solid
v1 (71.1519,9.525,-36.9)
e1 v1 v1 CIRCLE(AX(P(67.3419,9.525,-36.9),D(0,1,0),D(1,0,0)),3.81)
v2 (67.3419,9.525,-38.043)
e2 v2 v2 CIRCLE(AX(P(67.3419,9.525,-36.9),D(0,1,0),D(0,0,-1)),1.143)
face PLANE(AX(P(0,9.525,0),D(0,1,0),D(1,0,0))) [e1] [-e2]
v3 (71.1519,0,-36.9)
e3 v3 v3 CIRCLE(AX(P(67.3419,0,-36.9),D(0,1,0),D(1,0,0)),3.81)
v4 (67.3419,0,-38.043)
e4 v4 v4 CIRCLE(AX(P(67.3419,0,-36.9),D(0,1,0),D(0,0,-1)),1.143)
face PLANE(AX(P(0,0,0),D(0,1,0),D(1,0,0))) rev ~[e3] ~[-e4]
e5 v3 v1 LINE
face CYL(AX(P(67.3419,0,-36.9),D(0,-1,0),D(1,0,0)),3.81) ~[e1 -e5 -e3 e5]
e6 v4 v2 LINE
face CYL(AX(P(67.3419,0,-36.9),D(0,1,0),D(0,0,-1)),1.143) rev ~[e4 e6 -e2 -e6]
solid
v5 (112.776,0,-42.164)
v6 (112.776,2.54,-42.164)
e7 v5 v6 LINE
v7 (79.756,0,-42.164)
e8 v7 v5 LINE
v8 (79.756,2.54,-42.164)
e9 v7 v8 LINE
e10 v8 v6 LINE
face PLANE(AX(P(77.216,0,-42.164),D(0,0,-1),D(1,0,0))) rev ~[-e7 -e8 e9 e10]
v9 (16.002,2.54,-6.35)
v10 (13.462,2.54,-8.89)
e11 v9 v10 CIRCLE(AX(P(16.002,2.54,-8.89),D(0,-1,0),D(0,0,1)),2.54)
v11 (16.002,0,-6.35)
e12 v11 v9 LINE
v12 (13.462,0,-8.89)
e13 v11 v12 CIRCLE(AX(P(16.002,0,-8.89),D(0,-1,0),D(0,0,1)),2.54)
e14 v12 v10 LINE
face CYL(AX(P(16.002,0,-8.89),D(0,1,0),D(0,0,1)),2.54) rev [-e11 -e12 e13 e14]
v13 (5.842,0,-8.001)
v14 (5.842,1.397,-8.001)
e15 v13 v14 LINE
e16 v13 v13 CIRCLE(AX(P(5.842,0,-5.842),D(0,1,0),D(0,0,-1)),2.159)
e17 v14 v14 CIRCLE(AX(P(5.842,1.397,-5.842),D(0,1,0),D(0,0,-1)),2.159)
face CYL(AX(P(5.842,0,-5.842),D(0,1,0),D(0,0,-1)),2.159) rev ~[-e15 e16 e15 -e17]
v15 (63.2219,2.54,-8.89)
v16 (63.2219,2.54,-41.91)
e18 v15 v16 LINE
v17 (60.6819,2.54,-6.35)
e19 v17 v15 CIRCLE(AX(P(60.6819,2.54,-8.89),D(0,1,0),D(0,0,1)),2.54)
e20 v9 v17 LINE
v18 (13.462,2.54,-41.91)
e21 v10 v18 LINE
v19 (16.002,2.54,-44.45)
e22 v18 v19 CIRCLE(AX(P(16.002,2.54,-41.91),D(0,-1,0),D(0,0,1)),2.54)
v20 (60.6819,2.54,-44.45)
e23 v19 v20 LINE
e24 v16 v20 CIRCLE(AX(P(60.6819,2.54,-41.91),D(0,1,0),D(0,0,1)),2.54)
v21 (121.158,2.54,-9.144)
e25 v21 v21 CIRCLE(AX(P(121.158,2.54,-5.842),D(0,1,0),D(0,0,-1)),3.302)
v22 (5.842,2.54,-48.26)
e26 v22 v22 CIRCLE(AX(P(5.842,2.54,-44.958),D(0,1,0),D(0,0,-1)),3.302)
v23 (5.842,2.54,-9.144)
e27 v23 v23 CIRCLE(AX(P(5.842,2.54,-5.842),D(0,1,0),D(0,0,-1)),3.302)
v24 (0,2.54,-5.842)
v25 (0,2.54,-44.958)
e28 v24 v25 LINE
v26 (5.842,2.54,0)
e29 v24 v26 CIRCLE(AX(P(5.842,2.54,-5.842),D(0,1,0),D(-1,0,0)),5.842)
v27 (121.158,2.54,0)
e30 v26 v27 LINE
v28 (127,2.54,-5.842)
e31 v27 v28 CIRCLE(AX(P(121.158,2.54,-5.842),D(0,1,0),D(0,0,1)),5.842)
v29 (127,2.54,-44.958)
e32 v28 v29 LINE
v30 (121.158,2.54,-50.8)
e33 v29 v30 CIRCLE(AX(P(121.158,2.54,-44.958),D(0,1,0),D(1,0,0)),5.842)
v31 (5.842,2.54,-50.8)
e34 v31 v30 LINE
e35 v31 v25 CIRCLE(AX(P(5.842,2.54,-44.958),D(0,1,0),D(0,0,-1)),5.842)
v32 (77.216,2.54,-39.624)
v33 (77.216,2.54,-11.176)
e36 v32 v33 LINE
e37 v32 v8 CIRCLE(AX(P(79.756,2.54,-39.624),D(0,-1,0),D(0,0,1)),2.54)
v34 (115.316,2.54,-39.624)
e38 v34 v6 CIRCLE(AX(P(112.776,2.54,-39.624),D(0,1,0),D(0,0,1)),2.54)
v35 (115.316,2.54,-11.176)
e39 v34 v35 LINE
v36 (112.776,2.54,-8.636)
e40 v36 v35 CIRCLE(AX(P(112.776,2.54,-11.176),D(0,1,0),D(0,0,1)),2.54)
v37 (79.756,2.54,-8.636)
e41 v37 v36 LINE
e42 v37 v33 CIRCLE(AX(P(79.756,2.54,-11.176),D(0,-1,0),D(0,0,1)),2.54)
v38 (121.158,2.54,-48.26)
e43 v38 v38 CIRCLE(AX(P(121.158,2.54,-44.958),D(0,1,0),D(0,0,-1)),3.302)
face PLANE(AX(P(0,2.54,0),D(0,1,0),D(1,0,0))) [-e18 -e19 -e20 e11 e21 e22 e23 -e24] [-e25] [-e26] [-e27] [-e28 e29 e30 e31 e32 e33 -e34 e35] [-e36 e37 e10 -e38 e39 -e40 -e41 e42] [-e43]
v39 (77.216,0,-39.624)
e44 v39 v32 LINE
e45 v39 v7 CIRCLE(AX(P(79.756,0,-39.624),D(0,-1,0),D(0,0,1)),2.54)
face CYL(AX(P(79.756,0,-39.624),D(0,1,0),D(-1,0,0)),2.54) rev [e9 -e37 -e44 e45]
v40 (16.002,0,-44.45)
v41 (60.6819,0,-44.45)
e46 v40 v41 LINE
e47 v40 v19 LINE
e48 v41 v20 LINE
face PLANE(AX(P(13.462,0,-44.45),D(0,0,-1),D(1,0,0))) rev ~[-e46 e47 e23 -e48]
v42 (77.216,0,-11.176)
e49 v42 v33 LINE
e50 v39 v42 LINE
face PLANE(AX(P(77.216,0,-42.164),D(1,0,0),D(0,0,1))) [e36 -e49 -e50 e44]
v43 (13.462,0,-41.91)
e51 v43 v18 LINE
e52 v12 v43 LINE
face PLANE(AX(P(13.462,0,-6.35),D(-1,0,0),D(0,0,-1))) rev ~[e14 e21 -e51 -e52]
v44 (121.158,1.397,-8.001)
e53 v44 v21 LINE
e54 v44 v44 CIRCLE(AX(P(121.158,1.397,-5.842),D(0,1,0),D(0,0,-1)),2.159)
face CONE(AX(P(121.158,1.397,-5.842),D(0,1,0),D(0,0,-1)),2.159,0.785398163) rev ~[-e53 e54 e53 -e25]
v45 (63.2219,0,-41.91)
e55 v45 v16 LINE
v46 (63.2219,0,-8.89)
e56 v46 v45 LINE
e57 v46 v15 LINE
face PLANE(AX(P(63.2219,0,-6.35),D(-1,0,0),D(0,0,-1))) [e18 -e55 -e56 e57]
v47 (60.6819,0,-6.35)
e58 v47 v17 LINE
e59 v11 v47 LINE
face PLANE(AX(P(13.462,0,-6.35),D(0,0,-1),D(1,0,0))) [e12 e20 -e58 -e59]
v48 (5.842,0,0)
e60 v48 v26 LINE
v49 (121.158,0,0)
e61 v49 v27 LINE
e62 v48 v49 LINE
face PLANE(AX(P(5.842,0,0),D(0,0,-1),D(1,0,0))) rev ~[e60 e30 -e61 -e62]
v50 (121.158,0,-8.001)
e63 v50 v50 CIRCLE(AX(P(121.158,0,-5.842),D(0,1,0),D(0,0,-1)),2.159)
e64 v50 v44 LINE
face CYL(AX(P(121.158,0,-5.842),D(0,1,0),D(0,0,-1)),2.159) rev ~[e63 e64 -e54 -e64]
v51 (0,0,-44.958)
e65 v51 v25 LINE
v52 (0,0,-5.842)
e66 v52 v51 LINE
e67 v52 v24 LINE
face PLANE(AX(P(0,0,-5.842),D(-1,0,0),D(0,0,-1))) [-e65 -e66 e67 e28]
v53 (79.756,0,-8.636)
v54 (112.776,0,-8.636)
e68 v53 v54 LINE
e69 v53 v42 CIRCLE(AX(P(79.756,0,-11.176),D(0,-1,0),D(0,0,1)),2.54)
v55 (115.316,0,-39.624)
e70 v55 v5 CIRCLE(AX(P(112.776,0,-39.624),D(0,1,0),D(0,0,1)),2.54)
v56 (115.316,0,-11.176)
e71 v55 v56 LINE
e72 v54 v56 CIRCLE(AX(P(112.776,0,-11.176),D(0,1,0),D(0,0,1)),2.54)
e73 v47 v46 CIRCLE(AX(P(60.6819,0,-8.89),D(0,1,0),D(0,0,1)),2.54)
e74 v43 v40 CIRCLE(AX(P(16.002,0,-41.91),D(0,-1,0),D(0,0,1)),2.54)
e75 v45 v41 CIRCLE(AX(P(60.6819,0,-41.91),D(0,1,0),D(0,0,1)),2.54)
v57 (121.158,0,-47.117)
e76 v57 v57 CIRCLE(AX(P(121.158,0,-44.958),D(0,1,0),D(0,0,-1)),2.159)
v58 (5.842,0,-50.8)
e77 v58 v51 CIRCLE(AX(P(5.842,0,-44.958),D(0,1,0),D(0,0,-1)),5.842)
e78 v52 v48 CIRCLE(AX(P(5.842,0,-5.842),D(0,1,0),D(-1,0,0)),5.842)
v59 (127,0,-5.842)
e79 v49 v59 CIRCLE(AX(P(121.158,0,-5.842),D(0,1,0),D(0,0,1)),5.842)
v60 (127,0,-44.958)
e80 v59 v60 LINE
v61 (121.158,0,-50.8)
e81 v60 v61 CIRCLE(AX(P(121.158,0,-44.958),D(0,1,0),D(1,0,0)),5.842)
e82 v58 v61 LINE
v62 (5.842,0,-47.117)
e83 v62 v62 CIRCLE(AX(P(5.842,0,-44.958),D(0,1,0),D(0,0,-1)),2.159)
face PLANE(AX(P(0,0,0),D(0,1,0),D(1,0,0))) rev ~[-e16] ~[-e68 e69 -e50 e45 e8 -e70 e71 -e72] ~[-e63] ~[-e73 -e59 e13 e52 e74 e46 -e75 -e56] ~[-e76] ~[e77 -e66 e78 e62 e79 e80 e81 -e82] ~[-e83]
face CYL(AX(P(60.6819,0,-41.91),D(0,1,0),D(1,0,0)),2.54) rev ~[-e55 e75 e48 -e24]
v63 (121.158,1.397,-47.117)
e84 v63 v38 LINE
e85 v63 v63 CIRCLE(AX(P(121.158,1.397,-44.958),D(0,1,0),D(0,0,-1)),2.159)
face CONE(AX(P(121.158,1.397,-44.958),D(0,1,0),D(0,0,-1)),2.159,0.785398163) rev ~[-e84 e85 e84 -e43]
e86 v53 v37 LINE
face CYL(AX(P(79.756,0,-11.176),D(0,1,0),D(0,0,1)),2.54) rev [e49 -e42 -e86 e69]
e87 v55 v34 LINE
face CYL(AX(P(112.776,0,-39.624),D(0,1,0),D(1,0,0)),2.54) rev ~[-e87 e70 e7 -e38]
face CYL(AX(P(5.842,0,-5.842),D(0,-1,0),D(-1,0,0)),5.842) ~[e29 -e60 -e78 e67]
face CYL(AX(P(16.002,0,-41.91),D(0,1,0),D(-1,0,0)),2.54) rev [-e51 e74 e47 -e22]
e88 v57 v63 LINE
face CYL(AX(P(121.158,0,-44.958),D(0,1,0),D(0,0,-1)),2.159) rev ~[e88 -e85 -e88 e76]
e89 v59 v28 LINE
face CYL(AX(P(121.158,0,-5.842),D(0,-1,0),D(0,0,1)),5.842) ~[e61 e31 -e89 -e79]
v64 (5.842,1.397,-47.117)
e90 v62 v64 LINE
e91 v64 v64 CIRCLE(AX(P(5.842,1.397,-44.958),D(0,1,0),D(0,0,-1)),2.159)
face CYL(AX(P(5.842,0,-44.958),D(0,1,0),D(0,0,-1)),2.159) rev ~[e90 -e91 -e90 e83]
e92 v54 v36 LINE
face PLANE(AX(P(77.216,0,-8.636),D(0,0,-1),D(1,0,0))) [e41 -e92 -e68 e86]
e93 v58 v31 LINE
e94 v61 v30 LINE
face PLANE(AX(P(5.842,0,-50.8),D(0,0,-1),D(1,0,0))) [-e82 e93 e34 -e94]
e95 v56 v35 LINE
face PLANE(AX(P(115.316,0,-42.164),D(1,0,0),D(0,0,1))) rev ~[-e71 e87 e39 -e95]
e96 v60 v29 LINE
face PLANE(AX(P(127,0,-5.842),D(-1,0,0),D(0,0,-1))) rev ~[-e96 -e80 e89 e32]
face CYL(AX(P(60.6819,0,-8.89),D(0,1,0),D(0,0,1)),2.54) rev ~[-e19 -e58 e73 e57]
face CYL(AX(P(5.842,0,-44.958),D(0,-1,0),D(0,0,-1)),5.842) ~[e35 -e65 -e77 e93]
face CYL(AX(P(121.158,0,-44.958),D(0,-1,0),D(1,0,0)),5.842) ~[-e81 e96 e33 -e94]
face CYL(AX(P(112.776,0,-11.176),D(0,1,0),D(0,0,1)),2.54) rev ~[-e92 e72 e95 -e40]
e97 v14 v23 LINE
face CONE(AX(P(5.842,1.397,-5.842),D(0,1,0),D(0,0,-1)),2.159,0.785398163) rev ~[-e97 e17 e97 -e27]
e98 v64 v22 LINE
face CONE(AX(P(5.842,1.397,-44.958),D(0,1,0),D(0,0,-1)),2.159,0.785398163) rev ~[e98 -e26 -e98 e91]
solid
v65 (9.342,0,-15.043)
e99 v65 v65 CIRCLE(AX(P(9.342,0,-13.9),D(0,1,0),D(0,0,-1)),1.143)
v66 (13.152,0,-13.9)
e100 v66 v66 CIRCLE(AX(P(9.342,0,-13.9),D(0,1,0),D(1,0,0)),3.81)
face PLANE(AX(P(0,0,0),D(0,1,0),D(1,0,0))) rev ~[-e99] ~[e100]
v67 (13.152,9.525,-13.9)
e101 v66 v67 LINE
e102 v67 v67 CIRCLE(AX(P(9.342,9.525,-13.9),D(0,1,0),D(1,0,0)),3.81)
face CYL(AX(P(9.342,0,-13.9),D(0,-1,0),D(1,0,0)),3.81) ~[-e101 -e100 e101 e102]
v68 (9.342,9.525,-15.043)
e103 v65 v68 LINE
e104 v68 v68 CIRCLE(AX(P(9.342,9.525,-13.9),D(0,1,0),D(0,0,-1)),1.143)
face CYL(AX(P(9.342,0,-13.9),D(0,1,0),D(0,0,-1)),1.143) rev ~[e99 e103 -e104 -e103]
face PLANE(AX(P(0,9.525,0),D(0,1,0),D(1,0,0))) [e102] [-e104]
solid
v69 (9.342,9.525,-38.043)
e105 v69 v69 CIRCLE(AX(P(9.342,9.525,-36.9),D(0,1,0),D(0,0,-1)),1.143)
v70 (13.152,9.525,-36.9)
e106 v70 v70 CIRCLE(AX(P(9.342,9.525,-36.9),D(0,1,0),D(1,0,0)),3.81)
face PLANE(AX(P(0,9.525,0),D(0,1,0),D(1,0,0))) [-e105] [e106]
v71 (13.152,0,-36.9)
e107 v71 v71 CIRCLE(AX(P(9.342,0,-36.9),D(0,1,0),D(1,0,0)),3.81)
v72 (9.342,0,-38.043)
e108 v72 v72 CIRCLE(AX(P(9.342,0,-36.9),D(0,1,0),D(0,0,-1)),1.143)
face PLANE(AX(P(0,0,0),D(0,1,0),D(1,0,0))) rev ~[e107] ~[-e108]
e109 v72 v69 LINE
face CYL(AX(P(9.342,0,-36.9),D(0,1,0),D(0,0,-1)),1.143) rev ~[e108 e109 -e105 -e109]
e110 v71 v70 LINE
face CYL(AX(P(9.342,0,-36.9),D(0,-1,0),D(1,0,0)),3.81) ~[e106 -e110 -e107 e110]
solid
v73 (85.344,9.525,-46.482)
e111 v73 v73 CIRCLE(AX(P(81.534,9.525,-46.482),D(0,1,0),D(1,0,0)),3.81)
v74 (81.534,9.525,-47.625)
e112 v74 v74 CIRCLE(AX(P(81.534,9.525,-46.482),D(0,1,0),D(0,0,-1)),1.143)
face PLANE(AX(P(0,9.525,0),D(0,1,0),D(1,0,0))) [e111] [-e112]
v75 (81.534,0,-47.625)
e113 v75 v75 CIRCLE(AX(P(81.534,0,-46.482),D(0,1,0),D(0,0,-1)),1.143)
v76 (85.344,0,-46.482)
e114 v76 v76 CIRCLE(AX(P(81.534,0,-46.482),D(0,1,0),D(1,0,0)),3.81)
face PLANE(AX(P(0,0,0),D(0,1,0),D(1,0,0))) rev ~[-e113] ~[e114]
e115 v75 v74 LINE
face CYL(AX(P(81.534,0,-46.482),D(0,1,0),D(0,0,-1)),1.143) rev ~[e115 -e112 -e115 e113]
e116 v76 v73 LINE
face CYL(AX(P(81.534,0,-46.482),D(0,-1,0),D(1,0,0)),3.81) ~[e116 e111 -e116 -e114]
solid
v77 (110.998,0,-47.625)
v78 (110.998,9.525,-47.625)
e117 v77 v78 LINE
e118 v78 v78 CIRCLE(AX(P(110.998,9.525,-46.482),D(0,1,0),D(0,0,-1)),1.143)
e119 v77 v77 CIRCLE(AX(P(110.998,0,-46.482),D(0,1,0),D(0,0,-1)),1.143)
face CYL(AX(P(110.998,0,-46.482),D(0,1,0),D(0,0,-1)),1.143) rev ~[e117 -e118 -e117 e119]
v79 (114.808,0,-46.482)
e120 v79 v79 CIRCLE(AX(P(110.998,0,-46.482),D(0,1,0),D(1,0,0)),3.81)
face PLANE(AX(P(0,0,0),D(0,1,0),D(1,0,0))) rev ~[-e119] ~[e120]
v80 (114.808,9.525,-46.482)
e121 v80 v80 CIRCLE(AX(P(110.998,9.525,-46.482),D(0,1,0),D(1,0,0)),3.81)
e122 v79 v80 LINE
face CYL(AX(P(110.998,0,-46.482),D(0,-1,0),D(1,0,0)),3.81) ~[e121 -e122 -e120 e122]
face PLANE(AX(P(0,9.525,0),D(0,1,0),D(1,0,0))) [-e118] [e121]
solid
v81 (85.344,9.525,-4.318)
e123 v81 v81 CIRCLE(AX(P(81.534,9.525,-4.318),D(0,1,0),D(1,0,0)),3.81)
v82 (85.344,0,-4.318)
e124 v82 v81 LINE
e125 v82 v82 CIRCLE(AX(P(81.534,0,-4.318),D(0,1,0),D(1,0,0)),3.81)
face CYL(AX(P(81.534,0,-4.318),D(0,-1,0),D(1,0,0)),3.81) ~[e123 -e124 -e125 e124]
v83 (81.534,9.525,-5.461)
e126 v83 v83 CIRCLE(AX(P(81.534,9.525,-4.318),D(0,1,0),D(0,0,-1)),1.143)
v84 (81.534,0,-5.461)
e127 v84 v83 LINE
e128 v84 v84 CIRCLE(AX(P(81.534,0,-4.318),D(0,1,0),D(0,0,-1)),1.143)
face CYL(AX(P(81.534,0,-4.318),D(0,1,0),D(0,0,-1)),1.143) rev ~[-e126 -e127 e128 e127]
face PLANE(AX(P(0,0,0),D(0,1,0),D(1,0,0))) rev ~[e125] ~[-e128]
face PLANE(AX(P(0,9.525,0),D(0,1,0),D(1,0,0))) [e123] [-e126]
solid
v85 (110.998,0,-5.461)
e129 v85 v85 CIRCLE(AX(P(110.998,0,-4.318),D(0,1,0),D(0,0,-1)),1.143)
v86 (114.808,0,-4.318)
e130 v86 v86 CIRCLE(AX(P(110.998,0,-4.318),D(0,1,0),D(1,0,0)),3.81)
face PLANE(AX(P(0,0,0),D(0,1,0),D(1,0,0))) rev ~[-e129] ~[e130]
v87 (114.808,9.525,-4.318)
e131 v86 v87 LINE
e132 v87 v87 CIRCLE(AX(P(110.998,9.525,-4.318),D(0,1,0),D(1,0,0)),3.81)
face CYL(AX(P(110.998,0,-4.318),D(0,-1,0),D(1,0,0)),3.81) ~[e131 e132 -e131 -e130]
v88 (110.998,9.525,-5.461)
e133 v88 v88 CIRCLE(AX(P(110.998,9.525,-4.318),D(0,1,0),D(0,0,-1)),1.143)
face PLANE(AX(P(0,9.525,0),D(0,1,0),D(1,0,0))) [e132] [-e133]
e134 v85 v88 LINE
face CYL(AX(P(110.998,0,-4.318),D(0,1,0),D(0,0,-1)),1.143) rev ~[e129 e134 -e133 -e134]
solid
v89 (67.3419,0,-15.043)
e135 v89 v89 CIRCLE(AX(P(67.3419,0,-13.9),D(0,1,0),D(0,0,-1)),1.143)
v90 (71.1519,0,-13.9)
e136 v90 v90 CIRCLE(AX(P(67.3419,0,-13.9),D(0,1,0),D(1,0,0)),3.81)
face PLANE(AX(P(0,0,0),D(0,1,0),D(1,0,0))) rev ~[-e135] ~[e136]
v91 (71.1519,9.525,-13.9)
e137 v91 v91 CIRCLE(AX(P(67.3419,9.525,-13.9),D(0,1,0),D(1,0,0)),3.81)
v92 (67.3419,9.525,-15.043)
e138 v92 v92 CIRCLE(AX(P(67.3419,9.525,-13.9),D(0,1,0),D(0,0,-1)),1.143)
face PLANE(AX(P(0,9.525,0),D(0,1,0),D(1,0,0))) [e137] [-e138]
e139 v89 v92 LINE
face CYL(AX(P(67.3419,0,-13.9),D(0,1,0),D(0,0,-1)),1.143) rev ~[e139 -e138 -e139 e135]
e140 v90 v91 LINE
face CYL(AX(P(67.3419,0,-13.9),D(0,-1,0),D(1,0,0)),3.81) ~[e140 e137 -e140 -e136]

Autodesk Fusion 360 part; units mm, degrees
sketch "esu-bridge-bracket" plane through (0, 0, 0) normal (0, 1, 0) x (1, 0, 0)
  circle A0 centre (121.158, 44.958) radius 3.302
  circle A1 centre (121.158, 5.842) radius 3.302
  line L0 (13.462, 6.35) -> (13.462, 44.45)
  circle A2 centre (5.842, 44.958) radius 2.159
  circle A3 centre (81.534, 46.482) radius 3.81
  line L1 (13.462, 6.35) -> (63.2219, 6.35)
  line L2 (77.216, 8.636) -> (115.316, 8.636)
  arc A4 (0, 5.842) -> (5.842, 0) centre (5.842, 5.842) ccw
  arc A5 (5.842, 50.8) -> (0, 44.958) centre (5.842, 44.958) ccw
  arc A6 (121.158, 0) -> (127, 5.842) centre (121.158, 5.842) ccw
  line L3 (13.462, 44.45) -> (63.2219, 44.45)
  line L4 (127, 5.842) -> (127, 44.958)
  line L5 (63.2219, 6.35) -> (63.2219, 44.45)
  circle A7 centre (5.842, 5.842) radius 2.159
  circle A8 centre (121.158, 44.958) radius 2.159
  circle A9 centre (110.998, 4.318) radius 1.143
  arc A10 (127, 44.958) -> (121.158, 50.8) centre (121.158, 44.958) ccw
  line L6 (0, 5.842) -> (0, 44.958)
  circle A11 centre (110.998, 46.482) radius 3.81
  line L7 (115.316, 42.164) -> (115.316, 8.636)
  circle A12 centre (67.3419, 36.9) radius 3.81
  circle A13 centre (67.3419, 36.9) radius 1.143
  circle A14 centre (121.158, 5.842) radius 2.159
  circle A15 centre (5.842, 5.842) radius 3.302
  line L8 (5.842, 50.8) -> (121.158, 50.8)
  circle A16 centre (5.842, 44.958) radius 3.302
  line L9 (77.216, 42.164) -> (115.316, 42.164)
  circle A17 centre (81.534, 46.482) radius 1.143
  line L10 (77.216, 42.164) -> (77.216, 8.636)
  circle A18 centre (9.342, 36.9) radius 3.81
  circle A19 centre (81.534, 4.318) radius 3.81
  circle A20 centre (9.342, 13.9) radius 1.143
  circle A21 centre (9.342, 36.9) radius 1.143
  circle A22 centre (81.534, 4.318) radius 1.143
  circle A23 centre (67.3419, 13.9) radius 3.81
  circle A24 centre (110.998, 46.482) radius 1.143
  line L11 (5.842, 0) -> (121.158, 0)
  circle A25 centre (67.3419, 13.9) radius 1.143
  circle A26 centre (9.342, 13.9) radius 3.81
  circle A27 centre (110.998, 4.318) radius 3.81
extrude "Extrude5" add sketch "esu-bridge-bracket" along normal blind 2.54 contours A0 | A1 | A2 | A3 | A4 A5 A6 L4 A10 L6 L8 L11 | A7 | A8 | A9 | A11 | A12 | A13 | A14 | A15 | A16 | A17 | A18 | A19 | A20 | A21 | A22 | A23 | A24 | A25 | A26 | A27 makes body 1
extrude "Extrude7" add sketch "esu-bridge-bracket" along normal blind 9.525 separate body contours A3 | A9 | A11 | A12 | A13 | A17 | A18 | A19 | A20 | A21 | A22 | A23 | A24 | A25 | A26 | A27 makes body 2 at (85.3393, 6.35, -4.1281) makes body 3 at (13.1473, 6.35, -13.7101) makes body 4 at (69.8629, 6.35, -16.7567) makes body 5 at (114.8033, 6.35, -4.1281) makes body 6 at (85.3393, 6.35, -46.2921) makes body 7 at (13.1473, 6.35, -36.7101) makes body 8 at (71.1471, 6.35, -36.7101) makes body 9 at (108.3377, 6.35, -49.2095)
hole "Hole1" at (5.842, 0, -44.958) at (5.842, 0, -5.842) at (121.158, 0, -5.842) at (121.158, 0, -44.958) direction (0, 1, 0) diameter 4.318 depth 2.54 tip angle 118 bodies 1
fillet "Fillet1" radius 2.54 4 edges at (13.462, 1.27, -44.45) (13.462, 1.27, -6.35) (63.2219, 1.27, -6.35) (63.2219, 1.27, -44.45) on bodies 1
fillet "Fillet2" radius 2.54 4 edges at (115.316, 1.27, -8.636) (115.316, 1.27, -42.164) (77.216, 1.27, -42.164) (77.216, 1.27, -8.636) on bodies 1
hole "Hole2" at (9.342, 0, -13.9) at (9.342, 0, -36.9) at (67.3419, 0, -36.9) at (67.3419, 0, -13.9) at (81.534, 0, -4.318) at (110.998, 0, -4.318) at (110.998, 0, -46.482) at (81.534, 0, -46.482) direction (0, 1, 0) diameter 2.286 depth 9.525 tip angle 180 bodies 2 8 6 9 7 5 3 4
chamfer "Chamfer1" distance 1.143 angle 45 4 edges at (5.0613, 2.54, -3.8291) (120.3773, 2.54, -3.8291) (120.3773, 2.54, -42.9451) (5.0613, 2.54, -42.9451) on bodies 1
